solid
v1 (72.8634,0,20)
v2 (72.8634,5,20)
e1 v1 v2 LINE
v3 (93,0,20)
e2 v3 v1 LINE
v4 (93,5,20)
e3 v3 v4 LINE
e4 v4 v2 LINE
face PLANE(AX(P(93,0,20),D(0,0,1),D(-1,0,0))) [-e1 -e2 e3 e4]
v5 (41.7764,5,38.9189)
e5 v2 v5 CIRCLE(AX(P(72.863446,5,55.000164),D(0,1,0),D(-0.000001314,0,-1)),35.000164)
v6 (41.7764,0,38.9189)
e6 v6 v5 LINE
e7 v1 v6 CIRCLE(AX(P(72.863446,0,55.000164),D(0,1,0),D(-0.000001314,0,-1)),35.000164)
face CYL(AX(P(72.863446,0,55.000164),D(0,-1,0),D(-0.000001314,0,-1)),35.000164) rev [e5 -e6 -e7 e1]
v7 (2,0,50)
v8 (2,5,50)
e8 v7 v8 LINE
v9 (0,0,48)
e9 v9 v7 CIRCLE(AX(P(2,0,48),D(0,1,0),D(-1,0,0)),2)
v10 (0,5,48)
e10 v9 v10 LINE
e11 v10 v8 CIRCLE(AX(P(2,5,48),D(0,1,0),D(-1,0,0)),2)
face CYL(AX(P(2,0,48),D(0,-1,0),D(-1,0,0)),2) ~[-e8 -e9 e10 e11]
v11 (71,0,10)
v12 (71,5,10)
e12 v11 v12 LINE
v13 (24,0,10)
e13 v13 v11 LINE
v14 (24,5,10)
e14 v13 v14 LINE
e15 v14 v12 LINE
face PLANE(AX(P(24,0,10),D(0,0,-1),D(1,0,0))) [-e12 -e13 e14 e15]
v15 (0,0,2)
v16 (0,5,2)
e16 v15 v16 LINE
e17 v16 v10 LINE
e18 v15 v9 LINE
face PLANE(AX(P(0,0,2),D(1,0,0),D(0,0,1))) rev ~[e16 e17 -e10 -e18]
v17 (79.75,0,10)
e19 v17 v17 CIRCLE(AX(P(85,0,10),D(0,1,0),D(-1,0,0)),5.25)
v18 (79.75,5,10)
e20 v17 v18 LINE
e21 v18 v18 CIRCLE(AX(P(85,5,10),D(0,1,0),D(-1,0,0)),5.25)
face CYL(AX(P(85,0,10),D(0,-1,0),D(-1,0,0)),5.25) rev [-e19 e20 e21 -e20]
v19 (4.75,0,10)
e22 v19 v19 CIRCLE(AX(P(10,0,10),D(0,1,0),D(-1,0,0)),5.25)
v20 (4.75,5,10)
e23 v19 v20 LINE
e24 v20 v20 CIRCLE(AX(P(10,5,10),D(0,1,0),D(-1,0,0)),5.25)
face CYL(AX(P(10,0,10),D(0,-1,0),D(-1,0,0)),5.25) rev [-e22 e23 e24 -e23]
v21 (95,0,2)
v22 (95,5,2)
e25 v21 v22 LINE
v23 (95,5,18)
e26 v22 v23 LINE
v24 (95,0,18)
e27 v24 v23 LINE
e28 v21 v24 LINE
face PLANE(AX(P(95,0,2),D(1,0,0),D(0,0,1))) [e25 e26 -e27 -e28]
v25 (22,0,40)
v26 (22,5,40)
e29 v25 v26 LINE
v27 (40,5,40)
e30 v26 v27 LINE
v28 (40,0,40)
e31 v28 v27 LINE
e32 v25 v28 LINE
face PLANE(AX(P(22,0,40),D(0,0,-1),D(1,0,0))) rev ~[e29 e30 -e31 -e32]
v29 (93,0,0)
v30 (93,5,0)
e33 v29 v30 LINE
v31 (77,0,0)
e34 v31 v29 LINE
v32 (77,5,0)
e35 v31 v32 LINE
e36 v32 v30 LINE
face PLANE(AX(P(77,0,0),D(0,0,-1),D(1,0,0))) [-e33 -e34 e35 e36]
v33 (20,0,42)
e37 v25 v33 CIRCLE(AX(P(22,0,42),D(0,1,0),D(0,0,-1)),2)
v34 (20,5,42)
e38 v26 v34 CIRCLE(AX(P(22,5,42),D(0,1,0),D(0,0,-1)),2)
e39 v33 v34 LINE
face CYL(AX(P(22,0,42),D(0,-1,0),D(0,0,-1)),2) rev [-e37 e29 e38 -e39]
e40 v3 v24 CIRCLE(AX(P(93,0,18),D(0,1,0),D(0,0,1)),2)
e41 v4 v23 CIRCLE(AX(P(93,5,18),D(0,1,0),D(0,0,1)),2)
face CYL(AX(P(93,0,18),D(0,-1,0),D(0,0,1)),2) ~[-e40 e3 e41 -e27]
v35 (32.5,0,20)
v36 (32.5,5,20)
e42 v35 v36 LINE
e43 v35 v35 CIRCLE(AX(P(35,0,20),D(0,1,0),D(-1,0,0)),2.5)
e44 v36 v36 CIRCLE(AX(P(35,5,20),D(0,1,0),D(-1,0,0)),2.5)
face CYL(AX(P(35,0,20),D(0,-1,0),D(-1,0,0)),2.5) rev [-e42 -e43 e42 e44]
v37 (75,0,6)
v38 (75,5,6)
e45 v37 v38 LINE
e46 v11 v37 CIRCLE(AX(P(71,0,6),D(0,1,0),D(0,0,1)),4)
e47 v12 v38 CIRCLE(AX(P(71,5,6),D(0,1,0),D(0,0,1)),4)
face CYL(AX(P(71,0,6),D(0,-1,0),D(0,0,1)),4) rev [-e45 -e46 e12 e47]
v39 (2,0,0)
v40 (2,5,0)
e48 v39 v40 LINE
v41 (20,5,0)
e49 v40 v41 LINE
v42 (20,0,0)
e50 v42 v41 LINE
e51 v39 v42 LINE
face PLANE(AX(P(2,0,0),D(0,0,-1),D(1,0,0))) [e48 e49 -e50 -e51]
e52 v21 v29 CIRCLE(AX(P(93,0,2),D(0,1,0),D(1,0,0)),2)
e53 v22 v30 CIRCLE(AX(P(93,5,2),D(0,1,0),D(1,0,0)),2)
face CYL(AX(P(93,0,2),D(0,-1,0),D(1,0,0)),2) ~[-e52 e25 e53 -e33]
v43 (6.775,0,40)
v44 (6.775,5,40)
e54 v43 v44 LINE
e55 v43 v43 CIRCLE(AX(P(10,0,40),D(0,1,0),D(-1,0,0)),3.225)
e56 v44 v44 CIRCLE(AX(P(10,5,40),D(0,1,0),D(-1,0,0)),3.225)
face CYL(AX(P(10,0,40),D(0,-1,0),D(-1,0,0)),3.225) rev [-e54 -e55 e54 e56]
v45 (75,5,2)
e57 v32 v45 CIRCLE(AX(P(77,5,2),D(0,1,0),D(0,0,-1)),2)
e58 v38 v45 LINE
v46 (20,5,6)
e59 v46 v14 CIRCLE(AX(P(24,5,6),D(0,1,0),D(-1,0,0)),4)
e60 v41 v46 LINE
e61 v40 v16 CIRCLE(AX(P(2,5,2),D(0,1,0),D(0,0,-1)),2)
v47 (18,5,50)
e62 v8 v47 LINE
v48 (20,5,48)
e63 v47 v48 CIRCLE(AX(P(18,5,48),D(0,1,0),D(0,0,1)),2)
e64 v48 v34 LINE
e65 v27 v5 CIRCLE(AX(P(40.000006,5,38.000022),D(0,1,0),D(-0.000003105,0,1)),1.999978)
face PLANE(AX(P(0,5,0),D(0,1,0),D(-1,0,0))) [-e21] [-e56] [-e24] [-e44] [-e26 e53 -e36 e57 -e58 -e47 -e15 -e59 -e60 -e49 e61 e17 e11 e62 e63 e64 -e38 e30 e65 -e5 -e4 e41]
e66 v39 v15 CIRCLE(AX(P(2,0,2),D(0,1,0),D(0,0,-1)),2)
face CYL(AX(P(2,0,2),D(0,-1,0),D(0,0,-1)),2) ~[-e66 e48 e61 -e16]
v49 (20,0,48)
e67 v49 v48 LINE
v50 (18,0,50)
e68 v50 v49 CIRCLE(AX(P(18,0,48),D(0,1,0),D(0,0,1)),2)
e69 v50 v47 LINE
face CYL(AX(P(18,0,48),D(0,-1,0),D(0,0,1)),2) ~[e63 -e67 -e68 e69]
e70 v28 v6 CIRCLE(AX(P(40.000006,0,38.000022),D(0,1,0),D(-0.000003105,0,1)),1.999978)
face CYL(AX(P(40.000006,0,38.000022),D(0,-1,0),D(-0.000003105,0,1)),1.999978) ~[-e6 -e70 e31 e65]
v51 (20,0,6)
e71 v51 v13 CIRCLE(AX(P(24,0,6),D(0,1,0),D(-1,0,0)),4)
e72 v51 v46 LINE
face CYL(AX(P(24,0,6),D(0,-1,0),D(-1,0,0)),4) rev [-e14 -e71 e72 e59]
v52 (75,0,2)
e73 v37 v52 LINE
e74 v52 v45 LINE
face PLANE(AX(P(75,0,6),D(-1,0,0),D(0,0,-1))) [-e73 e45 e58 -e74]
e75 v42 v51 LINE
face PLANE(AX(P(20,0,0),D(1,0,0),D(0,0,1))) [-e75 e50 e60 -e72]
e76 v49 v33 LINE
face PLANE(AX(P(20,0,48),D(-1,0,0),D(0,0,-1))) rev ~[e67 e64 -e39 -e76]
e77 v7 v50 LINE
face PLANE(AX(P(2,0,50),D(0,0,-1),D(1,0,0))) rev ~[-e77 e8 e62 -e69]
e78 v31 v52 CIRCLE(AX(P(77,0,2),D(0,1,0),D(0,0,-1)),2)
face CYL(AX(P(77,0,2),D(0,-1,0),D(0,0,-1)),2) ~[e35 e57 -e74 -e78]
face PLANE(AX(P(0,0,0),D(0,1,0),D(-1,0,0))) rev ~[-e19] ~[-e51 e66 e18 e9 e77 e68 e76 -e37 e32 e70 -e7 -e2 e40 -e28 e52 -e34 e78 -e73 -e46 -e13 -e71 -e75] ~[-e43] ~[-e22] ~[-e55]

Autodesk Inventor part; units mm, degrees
ref_plane "YZ Plane" through (0, 0, 0) normal (1, 0, 0) x (0, 1, 0)
ref_plane "XZ Plane" through (0, 0, 0) normal (0, 1, 0) x (-1, 0, 0)
ref_plane "XY Plane" through (0, 0, 0) normal (0, 0, 1) x (1, 0, 0)
sketch "Sketch1" plane through (0, 0, 0) normal (0, 1, 0) x (-1, 0, 0)
  line L0 (0, 2) -> (0, 48)
  line L1 (-2, 50) -> (-18, 50)
  line L2 (-20, 48) -> (-20, 42)
  line L3 (-22, 40) -> (-40, 40)
  line L4 (-2, 0) -> (-20, 0)
  line L5 (-20, 0) -> (-20, 6)
  line L6 (-24, 10) -> (-71, 10)
  line L7 (-75, 6) -> (-75, 2)
  line L8 (-77, 0) -> (-93, 0)
  line L9 (-95, 2) -> (-95, 18)
  arc A0 (-72.8634, 20) -> (-41.7764, 38.9189) centre (-72.8634, 55) ccw
  arc A1 (-40, 40) -> (-41.7764, 38.9189) centre (-40, 38) ccw
  line L10 (-93, 20) -> (-72.8634, 20)
  arc A2 (0, 48) -> (-2, 50) centre (-2, 48) ccw
  arc A3 (-2, 0) -> (0, 2) centre (-2, 2) ccw
  arc A4 (-18, 50) -> (-20, 48) centre (-18, 48) ccw
  arc A5 (-22, 40) -> (-20, 42) centre (-22, 42) ccw
  arc A6 (-77, 0) -> (-75, 2) centre (-77, 2) ccw
  arc A7 (-95, 2) -> (-93, 0) centre (-93, 2) ccw
  arc A8 (-93, 20) -> (-95, 18) centre (-93, 18) ccw
  arc A9 (-20, 6) -> (-24, 10) centre (-24, 6) ccw
  arc A10 (-71, 10) -> (-75, 6) centre (-71, 6) ccw
  circle A11 centre (-10, 40) radius 3.225
  circle A12 centre (-10, 10) radius 5.25
  circle A13 centre (-35, 20) radius 2.5
  circle A14 centre (-85, 10) radius 5.25
  point P0 (0, 0)
  point P1 (0, 50)
  point P2 (-20, 50)
  point P3 (-20, 40)
  point P4 (-20, 10)
  point P5 (-75, 10)
  point P6 (-75, 0)
  point P7 (-95, 0)
  point P8 (-95, 20)
  dimension "d0" = 50
  dimension "d1" = 20
  dimension "d2" = 10
  dimension "d3" = 20
  dimension "d4" = 20
  dimension "d5" = 10
  dimension "d6" = 55
  dimension "d7" = 20
  dimension "d8" = 20
  dimension "d9" = 70
  dimension "d11" = 4
  dimension "d12" = 2
  dimension "d13" = 2
  dimension "d14" = 4
  dimension "d15" = 6.45
  dimension "d16" = 10.5
  dimension "d17" = 30
  dimension "d18" = 10
  dimension "d19" = 10
  dimension "d20" = 10
  dimension "d21" = 5
  dimension "d22" = 25
  dimension "d25" = 10.5
  dimension "d26" = 10
extrude "Extrusion1" add sketch "Sketch1" along normal blind 5
properties part number "Barrel Support" material "Wood (Walnut)"
